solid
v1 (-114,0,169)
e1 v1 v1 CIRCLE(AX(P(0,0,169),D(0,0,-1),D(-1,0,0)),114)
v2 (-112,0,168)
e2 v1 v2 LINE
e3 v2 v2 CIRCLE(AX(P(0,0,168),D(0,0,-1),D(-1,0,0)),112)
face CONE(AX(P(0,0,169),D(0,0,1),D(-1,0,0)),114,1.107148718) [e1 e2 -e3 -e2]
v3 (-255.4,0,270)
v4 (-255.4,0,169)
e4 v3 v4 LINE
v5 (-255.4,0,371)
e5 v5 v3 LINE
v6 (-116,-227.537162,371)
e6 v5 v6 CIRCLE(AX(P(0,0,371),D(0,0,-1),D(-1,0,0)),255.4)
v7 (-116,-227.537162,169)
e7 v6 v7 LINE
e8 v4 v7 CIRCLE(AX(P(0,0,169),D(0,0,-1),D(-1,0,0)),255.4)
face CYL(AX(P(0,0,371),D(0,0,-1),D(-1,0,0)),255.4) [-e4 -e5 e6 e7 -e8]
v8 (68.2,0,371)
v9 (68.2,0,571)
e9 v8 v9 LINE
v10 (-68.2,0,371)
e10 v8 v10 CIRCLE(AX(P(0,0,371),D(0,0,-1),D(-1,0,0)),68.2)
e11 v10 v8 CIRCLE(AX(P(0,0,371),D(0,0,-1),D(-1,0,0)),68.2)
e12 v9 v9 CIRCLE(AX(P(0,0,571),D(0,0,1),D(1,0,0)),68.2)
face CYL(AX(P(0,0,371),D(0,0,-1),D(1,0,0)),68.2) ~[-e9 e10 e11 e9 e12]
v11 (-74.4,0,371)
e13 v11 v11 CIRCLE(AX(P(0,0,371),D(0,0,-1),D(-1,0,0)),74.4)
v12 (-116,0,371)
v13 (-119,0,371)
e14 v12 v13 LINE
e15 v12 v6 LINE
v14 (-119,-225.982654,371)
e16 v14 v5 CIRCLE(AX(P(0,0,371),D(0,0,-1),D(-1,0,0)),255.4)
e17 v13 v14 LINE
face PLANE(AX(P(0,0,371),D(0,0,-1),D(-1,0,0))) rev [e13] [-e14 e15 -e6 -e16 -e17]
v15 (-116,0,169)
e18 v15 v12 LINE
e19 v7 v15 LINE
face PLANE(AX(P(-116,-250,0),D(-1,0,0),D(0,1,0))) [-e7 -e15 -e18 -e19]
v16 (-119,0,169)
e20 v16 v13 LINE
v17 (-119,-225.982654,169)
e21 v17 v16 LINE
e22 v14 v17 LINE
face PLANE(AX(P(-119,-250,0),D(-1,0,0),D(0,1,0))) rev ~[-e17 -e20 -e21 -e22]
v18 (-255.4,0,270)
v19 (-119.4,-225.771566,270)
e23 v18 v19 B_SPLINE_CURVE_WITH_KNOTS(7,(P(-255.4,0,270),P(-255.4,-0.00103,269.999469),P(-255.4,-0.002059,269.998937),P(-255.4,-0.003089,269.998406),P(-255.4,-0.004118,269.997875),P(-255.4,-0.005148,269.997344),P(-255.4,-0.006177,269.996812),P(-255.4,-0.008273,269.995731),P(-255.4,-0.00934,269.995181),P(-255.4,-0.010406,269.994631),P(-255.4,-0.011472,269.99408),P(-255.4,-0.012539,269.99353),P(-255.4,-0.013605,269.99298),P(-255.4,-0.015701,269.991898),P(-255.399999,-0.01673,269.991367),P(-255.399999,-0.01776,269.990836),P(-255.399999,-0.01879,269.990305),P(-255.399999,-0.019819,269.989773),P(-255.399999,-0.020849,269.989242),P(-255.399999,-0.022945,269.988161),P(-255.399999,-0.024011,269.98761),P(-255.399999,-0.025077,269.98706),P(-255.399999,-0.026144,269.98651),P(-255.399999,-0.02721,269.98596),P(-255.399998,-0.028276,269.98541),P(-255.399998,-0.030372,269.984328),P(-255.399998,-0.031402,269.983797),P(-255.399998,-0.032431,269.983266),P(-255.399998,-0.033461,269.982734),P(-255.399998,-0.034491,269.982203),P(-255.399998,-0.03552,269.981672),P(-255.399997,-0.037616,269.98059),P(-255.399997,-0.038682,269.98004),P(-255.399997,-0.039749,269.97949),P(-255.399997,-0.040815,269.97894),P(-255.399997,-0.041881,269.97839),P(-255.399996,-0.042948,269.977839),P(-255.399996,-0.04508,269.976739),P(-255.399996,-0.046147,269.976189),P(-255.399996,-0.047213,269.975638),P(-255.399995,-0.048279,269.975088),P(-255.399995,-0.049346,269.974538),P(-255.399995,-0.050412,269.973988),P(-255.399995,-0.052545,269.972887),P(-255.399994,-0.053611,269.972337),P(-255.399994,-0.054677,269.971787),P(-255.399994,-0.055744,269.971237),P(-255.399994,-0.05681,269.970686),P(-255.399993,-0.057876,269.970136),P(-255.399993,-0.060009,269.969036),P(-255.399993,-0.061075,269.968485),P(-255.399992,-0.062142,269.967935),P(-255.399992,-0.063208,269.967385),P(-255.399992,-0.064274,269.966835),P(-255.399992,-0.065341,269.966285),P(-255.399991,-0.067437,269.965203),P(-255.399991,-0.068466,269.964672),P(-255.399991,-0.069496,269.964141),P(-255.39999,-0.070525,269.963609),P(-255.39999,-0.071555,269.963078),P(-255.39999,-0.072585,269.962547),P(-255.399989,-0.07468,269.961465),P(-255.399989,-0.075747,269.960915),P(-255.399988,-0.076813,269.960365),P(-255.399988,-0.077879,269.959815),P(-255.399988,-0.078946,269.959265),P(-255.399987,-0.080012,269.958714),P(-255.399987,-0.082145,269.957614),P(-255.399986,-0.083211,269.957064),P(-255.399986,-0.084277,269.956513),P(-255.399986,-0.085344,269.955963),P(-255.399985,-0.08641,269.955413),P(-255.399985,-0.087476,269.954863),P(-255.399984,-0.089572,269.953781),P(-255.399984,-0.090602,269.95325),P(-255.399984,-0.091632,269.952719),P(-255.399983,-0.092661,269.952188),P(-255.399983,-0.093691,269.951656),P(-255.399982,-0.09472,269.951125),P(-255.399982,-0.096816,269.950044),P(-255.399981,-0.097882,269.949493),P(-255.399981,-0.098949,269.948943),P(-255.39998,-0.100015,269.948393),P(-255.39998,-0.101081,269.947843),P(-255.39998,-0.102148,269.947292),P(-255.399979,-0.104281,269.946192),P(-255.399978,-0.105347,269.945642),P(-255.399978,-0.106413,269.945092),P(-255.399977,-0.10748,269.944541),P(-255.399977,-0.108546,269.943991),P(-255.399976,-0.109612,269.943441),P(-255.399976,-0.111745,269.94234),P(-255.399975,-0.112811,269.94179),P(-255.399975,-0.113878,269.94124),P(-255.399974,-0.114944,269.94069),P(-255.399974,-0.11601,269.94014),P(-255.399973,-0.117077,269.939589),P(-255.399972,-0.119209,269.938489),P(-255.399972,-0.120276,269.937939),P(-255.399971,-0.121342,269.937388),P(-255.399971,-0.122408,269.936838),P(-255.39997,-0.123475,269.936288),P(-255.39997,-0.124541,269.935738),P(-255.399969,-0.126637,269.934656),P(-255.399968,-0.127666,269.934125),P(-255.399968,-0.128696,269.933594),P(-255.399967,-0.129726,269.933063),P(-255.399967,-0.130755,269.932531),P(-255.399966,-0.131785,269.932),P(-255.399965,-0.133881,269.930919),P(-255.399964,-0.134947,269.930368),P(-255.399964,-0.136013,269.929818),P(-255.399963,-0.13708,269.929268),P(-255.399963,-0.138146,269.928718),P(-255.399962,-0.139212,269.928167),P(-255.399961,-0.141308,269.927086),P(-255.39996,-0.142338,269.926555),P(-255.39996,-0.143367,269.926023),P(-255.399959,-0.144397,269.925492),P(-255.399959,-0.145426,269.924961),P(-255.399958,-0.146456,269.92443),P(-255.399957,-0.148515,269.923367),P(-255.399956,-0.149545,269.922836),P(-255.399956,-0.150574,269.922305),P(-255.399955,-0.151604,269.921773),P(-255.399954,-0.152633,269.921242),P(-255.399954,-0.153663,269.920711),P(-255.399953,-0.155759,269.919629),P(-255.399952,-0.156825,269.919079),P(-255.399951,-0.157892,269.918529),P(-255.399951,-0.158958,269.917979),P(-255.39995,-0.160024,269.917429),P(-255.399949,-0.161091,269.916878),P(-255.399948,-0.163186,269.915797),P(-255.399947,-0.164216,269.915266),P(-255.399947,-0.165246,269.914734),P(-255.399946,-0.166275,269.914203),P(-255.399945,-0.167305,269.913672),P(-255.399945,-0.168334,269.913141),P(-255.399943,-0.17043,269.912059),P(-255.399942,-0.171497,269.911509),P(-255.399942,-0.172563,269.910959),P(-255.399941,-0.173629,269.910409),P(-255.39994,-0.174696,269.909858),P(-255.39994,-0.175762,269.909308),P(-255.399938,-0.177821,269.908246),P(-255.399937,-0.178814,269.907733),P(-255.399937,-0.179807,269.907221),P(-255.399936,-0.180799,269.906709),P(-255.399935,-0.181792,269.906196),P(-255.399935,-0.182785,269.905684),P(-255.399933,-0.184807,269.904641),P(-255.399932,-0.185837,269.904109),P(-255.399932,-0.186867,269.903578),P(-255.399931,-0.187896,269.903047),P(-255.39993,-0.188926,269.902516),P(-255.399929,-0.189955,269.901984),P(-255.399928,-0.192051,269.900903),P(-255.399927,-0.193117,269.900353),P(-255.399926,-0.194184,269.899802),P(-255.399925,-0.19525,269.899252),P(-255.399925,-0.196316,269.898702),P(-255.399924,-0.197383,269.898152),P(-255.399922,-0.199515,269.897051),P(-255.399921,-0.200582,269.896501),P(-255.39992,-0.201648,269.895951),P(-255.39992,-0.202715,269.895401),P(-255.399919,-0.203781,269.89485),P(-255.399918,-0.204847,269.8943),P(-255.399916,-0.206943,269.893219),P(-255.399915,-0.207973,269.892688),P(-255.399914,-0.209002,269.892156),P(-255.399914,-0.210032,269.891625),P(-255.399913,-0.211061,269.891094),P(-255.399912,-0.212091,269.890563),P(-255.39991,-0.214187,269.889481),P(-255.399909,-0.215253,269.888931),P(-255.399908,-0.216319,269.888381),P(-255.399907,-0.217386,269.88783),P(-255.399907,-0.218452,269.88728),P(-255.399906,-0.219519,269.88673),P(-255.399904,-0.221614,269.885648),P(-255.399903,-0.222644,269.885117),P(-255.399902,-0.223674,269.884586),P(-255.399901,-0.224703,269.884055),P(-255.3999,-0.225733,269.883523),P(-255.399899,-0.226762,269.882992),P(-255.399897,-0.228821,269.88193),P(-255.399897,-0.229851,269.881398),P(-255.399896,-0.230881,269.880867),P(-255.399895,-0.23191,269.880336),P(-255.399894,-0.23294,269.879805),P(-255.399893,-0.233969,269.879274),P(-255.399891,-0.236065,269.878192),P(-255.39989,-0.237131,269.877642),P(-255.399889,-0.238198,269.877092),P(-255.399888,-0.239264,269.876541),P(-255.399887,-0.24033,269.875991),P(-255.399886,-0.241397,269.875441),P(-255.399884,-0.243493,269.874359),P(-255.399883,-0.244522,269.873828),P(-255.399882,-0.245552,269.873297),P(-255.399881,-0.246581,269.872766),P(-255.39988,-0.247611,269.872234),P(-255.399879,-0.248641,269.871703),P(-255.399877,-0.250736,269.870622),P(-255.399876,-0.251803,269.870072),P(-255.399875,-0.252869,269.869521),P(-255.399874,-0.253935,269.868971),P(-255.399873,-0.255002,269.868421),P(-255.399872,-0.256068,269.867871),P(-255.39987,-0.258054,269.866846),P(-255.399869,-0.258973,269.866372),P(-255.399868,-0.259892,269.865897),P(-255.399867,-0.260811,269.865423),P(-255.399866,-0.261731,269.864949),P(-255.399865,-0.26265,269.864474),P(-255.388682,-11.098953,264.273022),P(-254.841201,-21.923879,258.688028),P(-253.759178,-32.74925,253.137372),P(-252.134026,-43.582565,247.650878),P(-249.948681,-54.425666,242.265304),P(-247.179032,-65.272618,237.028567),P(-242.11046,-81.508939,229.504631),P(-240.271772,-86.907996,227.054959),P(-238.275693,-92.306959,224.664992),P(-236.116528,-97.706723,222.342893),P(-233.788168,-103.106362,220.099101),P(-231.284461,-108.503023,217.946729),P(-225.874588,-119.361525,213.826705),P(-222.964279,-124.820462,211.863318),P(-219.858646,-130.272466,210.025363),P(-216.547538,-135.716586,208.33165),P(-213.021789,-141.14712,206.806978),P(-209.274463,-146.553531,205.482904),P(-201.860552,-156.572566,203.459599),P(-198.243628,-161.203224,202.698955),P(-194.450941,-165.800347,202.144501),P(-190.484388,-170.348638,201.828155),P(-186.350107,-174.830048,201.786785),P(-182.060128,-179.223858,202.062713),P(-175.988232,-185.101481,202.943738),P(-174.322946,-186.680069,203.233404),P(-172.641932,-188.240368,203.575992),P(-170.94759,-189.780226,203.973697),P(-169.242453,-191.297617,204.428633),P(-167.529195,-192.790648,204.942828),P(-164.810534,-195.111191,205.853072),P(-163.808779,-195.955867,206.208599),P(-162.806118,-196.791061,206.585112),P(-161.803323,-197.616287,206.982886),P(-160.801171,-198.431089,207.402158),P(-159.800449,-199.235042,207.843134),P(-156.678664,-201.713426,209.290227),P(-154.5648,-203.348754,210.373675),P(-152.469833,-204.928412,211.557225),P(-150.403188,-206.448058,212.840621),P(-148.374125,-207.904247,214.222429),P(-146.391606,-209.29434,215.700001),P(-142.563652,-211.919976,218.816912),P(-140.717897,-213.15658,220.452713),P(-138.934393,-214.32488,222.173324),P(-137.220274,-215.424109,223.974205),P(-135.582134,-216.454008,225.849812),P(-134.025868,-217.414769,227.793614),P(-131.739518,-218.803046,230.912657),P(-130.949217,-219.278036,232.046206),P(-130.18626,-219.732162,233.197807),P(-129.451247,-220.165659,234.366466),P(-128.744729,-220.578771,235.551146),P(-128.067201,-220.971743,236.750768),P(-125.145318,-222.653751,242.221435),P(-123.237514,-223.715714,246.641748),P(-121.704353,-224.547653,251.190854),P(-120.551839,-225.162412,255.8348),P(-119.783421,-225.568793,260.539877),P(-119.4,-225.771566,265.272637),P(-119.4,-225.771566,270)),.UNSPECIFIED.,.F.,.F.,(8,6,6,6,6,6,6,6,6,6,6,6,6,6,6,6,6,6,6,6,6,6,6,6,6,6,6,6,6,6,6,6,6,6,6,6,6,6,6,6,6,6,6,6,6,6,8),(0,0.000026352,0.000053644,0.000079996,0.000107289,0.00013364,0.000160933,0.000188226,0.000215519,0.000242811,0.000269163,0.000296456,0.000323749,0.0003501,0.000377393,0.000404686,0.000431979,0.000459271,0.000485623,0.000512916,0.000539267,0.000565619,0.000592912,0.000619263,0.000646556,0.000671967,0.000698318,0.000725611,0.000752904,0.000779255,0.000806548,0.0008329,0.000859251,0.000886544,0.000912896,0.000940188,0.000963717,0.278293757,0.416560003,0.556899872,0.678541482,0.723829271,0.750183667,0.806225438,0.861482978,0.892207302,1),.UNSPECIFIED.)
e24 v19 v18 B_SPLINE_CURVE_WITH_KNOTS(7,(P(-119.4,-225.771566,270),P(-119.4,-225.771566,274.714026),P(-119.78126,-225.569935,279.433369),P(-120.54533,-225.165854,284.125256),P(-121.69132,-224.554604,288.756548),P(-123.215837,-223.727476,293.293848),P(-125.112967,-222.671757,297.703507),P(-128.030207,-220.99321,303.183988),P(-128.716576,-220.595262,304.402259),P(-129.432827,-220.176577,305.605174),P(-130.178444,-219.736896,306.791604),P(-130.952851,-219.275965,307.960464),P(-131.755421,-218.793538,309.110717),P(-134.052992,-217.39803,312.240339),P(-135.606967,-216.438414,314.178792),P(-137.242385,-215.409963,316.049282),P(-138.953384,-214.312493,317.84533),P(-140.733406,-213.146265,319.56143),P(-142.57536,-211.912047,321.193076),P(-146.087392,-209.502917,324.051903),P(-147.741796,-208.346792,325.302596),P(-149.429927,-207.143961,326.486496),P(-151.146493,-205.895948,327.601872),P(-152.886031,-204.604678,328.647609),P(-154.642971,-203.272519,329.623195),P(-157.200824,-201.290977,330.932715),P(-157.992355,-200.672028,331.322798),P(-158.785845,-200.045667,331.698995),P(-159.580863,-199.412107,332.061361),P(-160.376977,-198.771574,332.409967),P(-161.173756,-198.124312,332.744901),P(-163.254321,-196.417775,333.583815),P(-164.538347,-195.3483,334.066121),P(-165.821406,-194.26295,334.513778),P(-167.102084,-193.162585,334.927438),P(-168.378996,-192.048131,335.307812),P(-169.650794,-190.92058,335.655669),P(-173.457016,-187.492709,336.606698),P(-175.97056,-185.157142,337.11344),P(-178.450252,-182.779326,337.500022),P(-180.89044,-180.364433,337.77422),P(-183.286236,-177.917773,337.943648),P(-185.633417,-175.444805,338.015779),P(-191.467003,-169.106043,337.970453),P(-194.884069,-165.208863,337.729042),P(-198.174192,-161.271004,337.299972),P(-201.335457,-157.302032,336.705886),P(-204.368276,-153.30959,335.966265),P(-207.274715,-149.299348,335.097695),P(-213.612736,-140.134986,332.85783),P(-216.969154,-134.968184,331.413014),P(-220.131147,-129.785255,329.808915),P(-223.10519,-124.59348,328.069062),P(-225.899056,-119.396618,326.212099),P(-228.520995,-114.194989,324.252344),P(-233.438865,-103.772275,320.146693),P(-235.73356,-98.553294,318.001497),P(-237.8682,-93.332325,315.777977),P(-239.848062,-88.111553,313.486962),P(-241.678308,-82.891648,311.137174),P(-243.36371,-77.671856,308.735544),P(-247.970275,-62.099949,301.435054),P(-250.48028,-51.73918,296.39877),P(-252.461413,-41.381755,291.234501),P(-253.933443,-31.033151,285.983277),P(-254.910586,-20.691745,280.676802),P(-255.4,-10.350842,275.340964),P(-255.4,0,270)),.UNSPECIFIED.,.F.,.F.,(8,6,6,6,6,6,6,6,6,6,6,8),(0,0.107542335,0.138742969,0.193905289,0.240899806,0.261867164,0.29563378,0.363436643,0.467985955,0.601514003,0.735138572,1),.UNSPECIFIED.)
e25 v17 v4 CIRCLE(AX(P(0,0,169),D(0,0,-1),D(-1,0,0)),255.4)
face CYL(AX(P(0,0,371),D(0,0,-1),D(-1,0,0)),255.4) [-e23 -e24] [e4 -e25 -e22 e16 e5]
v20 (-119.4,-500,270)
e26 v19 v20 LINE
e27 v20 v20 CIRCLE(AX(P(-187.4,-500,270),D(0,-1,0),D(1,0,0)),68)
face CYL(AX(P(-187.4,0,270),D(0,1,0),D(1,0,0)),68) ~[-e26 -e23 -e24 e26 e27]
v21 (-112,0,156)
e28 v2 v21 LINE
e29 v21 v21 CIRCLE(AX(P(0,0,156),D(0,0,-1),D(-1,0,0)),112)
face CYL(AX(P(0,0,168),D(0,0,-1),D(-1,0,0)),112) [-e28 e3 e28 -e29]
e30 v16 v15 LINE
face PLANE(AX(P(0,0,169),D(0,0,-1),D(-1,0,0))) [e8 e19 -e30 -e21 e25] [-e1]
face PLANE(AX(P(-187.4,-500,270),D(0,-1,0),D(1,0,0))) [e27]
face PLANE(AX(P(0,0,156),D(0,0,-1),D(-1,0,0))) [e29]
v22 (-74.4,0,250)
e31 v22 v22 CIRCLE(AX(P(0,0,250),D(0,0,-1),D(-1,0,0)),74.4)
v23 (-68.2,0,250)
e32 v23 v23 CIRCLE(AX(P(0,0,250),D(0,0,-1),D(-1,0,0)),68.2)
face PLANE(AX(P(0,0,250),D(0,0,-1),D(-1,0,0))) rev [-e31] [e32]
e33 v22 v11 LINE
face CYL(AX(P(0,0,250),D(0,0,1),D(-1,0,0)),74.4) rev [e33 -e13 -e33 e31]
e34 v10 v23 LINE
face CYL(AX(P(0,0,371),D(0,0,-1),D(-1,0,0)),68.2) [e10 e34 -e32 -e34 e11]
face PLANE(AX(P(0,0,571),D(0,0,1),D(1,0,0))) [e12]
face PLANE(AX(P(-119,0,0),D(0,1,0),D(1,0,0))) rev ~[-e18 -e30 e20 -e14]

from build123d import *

# Parameters (mm, degrees)
F2_R      = 68
F3_DEPTH  = 500
F1_FACE_R = 68.2
F4_DEPTH  = 200
F5_W      = 3
F5_H      = 250
F6_DEPTH  = 375


with BuildPart() as f1:
    # F0 (on Front) → F1 (revolve)
    with BuildSketch(Plane.XZ):
        Polygon((-255.4, 169), (-114, 169), (-112, 168), (-112, 156), (0, 156), (0, 371), (-68.2, 371), (-68.2, 250), (-74.4, 250), (-74.4, 371), (-255.4, 371), align=None)
    revolve(axis=Axis((0, 0, 263.5), (0, 0, -1)))

    # F2 (on Front) → F3 (join)
    with BuildSketch(Plane.XZ):
        with Locations((-187.4, 270)):
            Circle(F2_R)
    extrude(amount=F3_DEPTH)

    # F1_face (on face) → F4 (join)
    with BuildSketch(Plane.XY.offset(371)):
        Circle(F1_FACE_R)
    extrude(amount=F4_DEPTH)

    # F5 (on Top) → F6 (cut)
    with BuildSketch(Plane.XY):
        with Locations((-117.5, -125)):
            Rectangle(F5_W, F5_H)
    extrude(amount=F6_DEPTH, mode=Mode.SUBTRACT)


solid = f1.part
